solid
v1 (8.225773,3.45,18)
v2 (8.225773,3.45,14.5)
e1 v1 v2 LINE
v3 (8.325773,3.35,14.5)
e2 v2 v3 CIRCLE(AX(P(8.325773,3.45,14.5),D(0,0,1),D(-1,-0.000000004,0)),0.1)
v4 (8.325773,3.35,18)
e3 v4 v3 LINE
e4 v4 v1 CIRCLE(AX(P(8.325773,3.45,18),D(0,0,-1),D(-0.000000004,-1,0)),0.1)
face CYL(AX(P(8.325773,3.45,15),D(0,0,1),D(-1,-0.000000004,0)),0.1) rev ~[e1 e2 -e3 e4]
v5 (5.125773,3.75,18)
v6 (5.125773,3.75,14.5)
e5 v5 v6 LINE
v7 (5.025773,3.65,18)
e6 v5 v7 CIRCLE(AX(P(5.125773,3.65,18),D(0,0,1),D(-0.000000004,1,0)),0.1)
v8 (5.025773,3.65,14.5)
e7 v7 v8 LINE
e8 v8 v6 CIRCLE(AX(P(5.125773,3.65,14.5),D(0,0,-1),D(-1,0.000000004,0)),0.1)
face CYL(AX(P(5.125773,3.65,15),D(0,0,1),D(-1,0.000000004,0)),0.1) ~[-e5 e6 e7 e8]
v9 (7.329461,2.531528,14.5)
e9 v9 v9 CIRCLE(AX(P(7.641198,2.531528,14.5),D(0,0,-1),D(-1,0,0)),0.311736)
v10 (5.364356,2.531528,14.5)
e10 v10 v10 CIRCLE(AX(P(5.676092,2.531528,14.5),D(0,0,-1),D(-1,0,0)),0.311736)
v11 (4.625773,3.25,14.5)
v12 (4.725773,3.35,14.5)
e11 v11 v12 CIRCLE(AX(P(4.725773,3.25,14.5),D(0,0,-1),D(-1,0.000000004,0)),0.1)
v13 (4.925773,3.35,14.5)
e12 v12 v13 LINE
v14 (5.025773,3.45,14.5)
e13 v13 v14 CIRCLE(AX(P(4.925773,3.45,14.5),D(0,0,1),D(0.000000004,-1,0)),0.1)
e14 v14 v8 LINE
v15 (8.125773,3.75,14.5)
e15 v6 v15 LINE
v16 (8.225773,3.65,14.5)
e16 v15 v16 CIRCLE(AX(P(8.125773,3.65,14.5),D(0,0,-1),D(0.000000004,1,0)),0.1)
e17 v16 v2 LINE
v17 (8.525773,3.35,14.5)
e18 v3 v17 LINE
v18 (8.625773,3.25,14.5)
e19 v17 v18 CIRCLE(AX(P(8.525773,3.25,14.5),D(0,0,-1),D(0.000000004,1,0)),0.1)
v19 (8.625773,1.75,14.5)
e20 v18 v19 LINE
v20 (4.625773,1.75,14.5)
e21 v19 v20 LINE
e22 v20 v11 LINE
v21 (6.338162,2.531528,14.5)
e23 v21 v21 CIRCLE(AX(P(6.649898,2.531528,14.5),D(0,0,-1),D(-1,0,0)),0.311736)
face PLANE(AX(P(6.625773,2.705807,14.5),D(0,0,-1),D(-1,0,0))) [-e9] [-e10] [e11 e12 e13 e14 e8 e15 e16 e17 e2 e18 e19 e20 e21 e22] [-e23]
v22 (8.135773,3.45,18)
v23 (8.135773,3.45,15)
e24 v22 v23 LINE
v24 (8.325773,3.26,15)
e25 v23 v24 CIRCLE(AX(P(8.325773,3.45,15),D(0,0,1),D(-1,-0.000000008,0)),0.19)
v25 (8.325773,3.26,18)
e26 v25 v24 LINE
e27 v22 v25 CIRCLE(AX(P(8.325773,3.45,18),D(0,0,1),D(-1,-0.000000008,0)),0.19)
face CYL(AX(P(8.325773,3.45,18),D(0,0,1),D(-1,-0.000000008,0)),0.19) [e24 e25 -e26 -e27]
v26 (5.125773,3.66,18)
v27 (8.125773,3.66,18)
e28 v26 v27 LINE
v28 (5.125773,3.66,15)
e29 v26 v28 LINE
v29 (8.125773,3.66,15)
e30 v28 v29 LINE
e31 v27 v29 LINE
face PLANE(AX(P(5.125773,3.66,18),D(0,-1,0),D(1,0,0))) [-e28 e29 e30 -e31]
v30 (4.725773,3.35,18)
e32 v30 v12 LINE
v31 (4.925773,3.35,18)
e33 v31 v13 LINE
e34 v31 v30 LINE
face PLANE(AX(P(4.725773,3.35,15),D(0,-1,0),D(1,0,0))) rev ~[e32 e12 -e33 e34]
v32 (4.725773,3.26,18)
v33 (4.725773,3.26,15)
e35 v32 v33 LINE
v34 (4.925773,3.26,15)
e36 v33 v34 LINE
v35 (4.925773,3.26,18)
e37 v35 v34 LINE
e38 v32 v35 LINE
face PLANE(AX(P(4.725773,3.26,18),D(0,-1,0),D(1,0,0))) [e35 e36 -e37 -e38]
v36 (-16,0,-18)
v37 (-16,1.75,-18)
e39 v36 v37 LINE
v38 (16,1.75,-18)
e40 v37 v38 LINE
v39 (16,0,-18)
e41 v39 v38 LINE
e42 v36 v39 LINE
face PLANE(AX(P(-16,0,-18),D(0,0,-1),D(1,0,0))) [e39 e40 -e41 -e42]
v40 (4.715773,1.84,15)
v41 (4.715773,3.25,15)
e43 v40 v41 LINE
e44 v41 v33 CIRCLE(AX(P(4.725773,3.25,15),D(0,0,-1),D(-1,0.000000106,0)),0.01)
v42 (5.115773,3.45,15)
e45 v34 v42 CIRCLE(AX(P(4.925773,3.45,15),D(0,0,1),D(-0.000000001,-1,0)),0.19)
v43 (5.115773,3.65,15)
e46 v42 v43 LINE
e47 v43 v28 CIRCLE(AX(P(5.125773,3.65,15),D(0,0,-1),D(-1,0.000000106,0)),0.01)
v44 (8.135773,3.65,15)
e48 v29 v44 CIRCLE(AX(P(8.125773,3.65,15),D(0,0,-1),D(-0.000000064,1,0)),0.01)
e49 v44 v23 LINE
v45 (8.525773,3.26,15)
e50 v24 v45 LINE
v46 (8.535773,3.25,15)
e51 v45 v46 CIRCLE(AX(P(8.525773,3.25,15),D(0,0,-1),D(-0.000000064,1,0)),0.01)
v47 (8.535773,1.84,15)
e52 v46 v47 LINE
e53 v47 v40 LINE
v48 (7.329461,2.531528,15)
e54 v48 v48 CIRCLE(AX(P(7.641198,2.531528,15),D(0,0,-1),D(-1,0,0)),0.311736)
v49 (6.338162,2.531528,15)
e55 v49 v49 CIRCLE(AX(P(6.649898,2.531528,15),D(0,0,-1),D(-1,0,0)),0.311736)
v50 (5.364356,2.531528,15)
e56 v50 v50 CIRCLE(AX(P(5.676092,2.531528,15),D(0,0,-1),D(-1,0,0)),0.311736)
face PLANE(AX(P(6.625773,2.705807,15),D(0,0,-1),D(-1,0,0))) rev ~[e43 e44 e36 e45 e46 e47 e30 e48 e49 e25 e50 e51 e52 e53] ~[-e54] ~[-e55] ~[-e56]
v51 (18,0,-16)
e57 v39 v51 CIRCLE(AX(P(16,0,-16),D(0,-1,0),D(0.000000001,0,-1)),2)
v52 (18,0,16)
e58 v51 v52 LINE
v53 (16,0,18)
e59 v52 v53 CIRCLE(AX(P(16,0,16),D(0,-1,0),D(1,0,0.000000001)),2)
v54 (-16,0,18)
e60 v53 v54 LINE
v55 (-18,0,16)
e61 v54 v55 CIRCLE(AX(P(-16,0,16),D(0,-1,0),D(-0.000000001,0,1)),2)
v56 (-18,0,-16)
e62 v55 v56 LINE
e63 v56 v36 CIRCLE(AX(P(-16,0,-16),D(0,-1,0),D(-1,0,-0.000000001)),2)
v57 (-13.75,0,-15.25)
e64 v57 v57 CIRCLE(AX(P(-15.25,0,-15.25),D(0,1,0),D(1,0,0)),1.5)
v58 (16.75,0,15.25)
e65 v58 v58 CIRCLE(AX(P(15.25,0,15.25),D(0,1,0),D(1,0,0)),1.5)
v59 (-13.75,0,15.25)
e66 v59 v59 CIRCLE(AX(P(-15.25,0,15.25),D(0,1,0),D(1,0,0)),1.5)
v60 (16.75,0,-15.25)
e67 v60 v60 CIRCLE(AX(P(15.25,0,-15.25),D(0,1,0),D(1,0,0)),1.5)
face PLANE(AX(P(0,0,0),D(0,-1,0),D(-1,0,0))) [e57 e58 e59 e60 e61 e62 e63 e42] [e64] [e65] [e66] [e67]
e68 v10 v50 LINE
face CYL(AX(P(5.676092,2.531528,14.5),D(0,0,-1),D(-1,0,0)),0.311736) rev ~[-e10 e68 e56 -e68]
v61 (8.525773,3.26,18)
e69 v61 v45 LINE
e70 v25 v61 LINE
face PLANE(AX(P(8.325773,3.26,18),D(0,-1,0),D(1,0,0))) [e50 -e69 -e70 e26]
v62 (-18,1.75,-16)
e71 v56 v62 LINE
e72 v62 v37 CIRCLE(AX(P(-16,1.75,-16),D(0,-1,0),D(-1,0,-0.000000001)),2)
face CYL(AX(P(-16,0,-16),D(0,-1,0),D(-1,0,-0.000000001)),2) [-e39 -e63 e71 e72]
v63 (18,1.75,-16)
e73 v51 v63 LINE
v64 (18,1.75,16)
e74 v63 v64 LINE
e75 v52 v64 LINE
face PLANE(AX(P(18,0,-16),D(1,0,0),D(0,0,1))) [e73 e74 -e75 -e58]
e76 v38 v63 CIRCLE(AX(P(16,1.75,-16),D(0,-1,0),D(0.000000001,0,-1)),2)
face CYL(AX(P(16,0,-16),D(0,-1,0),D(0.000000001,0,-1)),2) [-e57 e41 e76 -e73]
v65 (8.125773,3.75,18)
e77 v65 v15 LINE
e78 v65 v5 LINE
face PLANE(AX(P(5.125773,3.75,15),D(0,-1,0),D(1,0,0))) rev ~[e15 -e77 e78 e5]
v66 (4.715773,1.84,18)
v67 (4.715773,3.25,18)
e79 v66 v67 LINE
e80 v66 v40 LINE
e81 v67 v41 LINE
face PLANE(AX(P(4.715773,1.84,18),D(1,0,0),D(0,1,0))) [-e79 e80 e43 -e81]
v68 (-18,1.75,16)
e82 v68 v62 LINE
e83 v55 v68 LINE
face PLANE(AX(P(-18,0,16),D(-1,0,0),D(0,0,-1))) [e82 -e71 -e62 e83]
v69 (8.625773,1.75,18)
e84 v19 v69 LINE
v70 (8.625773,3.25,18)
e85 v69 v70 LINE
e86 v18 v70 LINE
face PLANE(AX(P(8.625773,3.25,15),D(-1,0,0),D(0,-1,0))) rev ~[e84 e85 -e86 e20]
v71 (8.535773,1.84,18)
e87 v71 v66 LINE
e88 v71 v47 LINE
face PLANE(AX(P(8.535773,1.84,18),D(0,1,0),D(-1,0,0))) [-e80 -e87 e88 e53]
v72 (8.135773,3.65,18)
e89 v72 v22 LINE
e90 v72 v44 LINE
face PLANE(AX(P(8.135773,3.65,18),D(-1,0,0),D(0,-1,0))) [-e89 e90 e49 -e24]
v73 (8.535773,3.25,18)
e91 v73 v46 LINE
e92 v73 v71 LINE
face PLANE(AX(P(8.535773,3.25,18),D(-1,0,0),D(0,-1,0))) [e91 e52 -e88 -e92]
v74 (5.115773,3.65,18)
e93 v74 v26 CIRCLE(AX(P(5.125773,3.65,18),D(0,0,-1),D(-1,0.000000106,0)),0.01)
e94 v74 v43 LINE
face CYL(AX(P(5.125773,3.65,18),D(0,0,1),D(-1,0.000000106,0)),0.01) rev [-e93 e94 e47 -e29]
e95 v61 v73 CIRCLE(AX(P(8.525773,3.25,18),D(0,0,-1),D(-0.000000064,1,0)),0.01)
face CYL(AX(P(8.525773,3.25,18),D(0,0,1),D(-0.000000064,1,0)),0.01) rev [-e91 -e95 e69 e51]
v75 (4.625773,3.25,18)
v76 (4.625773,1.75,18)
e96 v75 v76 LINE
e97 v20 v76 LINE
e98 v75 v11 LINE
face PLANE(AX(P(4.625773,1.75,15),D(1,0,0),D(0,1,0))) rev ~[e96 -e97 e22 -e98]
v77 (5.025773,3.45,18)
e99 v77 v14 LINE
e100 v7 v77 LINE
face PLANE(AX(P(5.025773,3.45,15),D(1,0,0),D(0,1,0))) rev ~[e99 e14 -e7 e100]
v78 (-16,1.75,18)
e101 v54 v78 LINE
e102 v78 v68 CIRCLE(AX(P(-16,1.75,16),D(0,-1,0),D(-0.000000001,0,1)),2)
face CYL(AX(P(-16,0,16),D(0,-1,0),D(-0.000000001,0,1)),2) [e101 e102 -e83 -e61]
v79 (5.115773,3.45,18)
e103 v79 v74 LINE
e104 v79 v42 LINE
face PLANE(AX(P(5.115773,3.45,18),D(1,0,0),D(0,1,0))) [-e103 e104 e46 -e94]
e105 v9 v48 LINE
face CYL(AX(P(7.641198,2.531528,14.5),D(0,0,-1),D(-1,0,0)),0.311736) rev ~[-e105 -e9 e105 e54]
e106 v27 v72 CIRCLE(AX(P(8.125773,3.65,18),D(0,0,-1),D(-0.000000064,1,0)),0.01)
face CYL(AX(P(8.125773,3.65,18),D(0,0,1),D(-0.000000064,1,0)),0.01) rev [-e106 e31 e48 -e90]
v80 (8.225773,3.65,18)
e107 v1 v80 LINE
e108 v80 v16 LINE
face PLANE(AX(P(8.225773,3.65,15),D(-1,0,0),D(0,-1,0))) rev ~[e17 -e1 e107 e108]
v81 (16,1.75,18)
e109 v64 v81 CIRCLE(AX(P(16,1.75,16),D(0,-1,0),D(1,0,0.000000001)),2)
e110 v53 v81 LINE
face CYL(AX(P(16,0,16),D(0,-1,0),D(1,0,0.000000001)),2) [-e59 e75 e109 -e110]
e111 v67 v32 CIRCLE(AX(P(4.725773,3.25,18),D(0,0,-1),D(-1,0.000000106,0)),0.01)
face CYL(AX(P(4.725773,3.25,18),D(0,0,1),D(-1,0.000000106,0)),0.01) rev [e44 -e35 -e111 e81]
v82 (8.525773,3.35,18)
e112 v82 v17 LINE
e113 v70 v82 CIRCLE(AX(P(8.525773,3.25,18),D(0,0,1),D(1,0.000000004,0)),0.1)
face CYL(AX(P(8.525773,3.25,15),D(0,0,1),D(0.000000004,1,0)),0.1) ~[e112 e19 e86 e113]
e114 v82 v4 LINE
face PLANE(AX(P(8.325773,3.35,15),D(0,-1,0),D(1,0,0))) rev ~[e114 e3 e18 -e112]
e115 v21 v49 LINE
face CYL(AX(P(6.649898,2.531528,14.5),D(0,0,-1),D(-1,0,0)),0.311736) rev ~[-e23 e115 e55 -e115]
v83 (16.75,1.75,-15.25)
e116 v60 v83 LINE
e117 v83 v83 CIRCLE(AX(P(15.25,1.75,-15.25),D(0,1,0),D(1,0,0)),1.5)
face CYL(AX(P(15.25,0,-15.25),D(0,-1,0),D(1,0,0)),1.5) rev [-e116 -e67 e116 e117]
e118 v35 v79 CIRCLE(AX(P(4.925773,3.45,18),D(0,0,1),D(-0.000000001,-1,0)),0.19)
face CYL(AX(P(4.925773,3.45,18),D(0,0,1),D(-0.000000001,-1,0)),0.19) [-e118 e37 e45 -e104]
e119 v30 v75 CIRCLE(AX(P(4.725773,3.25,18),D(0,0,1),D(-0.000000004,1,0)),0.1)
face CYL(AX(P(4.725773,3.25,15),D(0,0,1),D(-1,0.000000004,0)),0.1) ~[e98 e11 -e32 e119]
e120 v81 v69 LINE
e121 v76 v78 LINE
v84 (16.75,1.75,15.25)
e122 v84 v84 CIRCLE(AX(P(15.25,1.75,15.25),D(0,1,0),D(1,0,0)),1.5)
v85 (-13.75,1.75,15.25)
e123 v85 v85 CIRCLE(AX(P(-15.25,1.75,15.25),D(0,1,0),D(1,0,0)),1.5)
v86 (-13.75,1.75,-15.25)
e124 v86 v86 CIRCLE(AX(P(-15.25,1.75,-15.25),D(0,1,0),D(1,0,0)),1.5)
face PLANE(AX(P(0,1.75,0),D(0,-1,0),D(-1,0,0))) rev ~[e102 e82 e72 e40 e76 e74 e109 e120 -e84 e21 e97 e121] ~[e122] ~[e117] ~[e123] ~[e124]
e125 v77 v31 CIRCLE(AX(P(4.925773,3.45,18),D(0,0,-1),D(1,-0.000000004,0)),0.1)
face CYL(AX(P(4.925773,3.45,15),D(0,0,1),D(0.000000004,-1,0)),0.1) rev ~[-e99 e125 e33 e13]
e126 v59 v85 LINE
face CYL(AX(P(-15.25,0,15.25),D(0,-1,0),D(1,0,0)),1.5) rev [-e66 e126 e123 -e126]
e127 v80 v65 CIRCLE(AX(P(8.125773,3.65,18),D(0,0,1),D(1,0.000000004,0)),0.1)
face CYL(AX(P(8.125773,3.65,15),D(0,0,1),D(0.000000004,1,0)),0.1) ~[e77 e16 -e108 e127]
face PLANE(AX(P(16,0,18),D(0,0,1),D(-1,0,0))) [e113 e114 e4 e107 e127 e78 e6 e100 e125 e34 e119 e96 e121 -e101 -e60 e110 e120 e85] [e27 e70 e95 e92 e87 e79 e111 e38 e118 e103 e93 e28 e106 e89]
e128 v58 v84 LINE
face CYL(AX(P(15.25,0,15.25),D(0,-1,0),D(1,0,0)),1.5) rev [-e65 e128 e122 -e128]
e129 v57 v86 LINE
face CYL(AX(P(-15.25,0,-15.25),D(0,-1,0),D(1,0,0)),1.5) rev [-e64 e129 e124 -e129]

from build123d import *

# Parameters (mm, degrees)
SKETCH1_R           = 1.5
BOSS_EXTRUDE1_DEPTH = 1.75
BOSS_EXTRUDE2_DEPTH = 3
BOSS_EXTRUDE3_DEPTH = 0.5
CUT_EXTRUDE1_REACH  = 5.5
SKETCH4_R           = 0.311736168


with BuildPart() as part:
    # Sketch1 → Boss-Extrude1 (new body)
    with BuildSketch(Plane(origin=(0, 0, 0), x_dir=(1, 0, 0), z_dir=(0, 1, 0))):
        with BuildLine():
            Line((16, -18), (-16, -18))
            ThreePointArc((-16, -18), (-17.414213562, -17.414213562), (-18, -16))
            Line((-18, -16), (-18, 16))
            ThreePointArc((-18, 16), (-17.414213562, 17.414213562), (-16, 18))
            Line((-16, 18), (16, 18))
            ThreePointArc((16, 18), (17.414213562, 17.414213562), (18, 16))
            Line((18, 16), (18, -16))
            ThreePointArc((18, -16), (17.414213562, -17.414213562), (16, -18))
        make_face()
        with Locations((15.25, 15.25)):
            Circle(SKETCH1_R, mode=Mode.SUBTRACT)
        with Locations((-15.25, 15.25)):
            Circle(SKETCH1_R, mode=Mode.SUBTRACT)
        with Locations((15.25, -15.25)):
            Circle(SKETCH1_R, mode=Mode.SUBTRACT)
        with Locations((-15.25, -15.25)):
            Circle(SKETCH1_R, mode=Mode.SUBTRACT)
    extrude(amount=BOSS_EXTRUDE1_DEPTH)

    # Sketch2 → Boss-Extrude2 (add)
    with BuildSketch(Plane.XY.offset(18)):
        with BuildLine():
            Line((4.625773415, 1.75), (8.625773415, 1.75))
            Line((8.625773415, 1.75), (8.625773415, 3.25))
            ThreePointArc((8.625773415, 3.25), (8.596484093, 3.320710678), (8.525773415, 3.35))
            Line((8.525773415, 3.35), (8.325773415, 3.35))
            ThreePointArc((8.325773415, 3.35), (8.255062737, 3.379289322), (8.225773415, 3.45))
            Line((8.225773415, 3.45), (8.225773415, 3.65))
            ThreePointArc((8.225773415, 3.65), (8.196484093, 3.720710678), (8.125773415, 3.75))
            Line((8.125773415, 3.75), (5.125773415, 3.75))
            ThreePointArc((5.125773415, 3.75), (5.055062737, 3.720710678), (5.025773415, 3.65))
            Line((5.025773415, 3.65), (5.025773415, 3.45))
            ThreePointArc((5.025773415, 3.45), (4.996484093, 3.379289322), (4.925773415, 3.35))
            Line((4.925773415, 3.35), (4.725773415, 3.35))
            ThreePointArc((4.725773415, 3.35), (4.655062737, 3.320710678), (4.625773415, 3.25))
            Line((4.625773415, 3.25), (4.625773415, 1.75))
        make_face()
        with BuildLine():
            Line((5.125773415, 3.66), (8.125773415, 3.66))
            ThreePointArc((8.125773415, 3.66), (8.132844483, 3.657071068), (8.135773415, 3.65))
            Line((8.135773415, 3.65), (8.135773415, 3.45))
            ThreePointArc((8.135773415, 3.45), (8.191423127, 3.315649712), (8.325773415, 3.26))
            Line((8.325773415, 3.26), (8.525773415, 3.26))
            ThreePointArc((8.525773415, 3.26), (8.532844483, 3.257071068), (8.535773415, 3.25))
            Line((8.535773415, 3.25), (8.535773415, 1.84))
            Line((8.535773415, 1.84), (4.715773415, 1.84))
            Line((4.715773415, 1.84), (4.715773415, 3.25))
            ThreePointArc((4.715773415, 3.25), (4.718702348, 3.257071068), (4.725773415, 3.26))
            Line((4.725773415, 3.26), (4.925773415, 3.26))
            ThreePointArc((4.925773415, 3.26), (5.060123704, 3.315649712), (5.115773415, 3.45))
            Line((5.115773415, 3.45), (5.115773415, 3.65))
            ThreePointArc((5.115773415, 3.65), (5.118702348, 3.657071068), (5.125773415, 3.66))
        make_face(mode=Mode.SUBTRACT)
    extrude(amount=-BOSS_EXTRUDE2_DEPTH)

    # Sketch3 → Boss-Extrude3 (add)
    with BuildSketch(Plane(origin=(0, 0, 15), x_dir=(-1, 0, 0), z_dir=(0, 0, -1))):
        with BuildLine():
            Line((-4.625773415, 1.75), (-4.625773415, 3.25))
            ThreePointArc((-4.625773415, 3.25), (-4.655062737, 3.320710678), (-4.725773415, 3.35))
            Line((-4.725773415, 3.35), (-4.925773415, 3.35))
            ThreePointArc((-4.925773415, 3.35), (-4.996484093, 3.379289322), (-5.025773415, 3.45))
            Line((-5.025773415, 3.45), (-5.025773415, 3.65))
            ThreePointArc((-5.025773415, 3.65), (-5.055062737, 3.720710678), (-5.125773415, 3.75))
            Line((-5.125773415, 3.75), (-8.125773415, 3.75))
            ThreePointArc((-8.125773415, 3.75), (-8.196484093, 3.720710678), (-8.225773415, 3.65))
            Line((-8.225773415, 3.65), (-8.225773415, 3.45))
            ThreePointArc((-8.225773415, 3.45), (-8.255062737, 3.379289322), (-8.325773415, 3.35))
            Line((-8.325773415, 3.35), (-8.525773415, 3.35))
            ThreePointArc((-8.525773415, 3.35), (-8.596484093, 3.320710678), (-8.625773415, 3.25))
            Line((-8.625773415, 3.25), (-8.625773415, 1.75))
            Line((-8.625773415, 1.75), (-4.625773415, 1.75))
        make_face()
    extrude(amount=BOSS_EXTRUDE3_DEPTH)

    # Sketch4 → Cut-Extrude1 (cut, up to next)
    with BuildSketch(Plane(origin=(0, 0, 14.5), x_dir=(-1, 0, 0), z_dir=(0, 0, -1)), mode=Mode.PRIVATE) as cut_extrude1_sk1:
        with Locations((-5.676091673, 2.531528256)):
            Circle(SKETCH4_R)
    cut_extrude1_tool1 = extrude(cut_extrude1_sk1.sketch, amount=-CUT_EXTRUDE1_REACH, mode=Mode.PRIVATE) & part.part
    add(cut_extrude1_tool1.solids().sort_by_distance((5.676092, 2.531528, 14.5))[0], mode=Mode.SUBTRACT)
    # Sketch4 → Cut-Extrude1 (cut, up to next)
    with BuildSketch(Plane(origin=(0, 0, 14.5), x_dir=(-1, 0, 0), z_dir=(0, 0, -1)), mode=Mode.PRIVATE) as cut_extrude1_sk2:
        with Locations((-7.641197668, 2.531528256)):
            Circle(SKETCH4_R)
    cut_extrude1_tool2 = extrude(cut_extrude1_sk2.sketch, amount=-CUT_EXTRUDE1_REACH, mode=Mode.PRIVATE) & part.part
    add(cut_extrude1_tool2.solids().sort_by_distance((7.641198, 2.531528, 14.5))[0], mode=Mode.SUBTRACT)
    # Sketch4 → Cut-Extrude1 (cut, up to next)
    with BuildSketch(Plane(origin=(0, 0, 14.5), x_dir=(-1, 0, 0), z_dir=(0, 0, -1)), mode=Mode.PRIVATE) as cut_extrude1_sk3:
        with Locations((-6.649897908, 2.531528256)):
            Circle(SKETCH4_R)
    cut_extrude1_tool3 = extrude(cut_extrude1_sk3.sketch, amount=-CUT_EXTRUDE1_REACH, mode=Mode.PRIVATE) & part.part
    add(cut_extrude1_tool3.solids().sort_by_distance((6.649898, 2.531528, 14.5))[0], mode=Mode.SUBTRACT)


solid = part.part
